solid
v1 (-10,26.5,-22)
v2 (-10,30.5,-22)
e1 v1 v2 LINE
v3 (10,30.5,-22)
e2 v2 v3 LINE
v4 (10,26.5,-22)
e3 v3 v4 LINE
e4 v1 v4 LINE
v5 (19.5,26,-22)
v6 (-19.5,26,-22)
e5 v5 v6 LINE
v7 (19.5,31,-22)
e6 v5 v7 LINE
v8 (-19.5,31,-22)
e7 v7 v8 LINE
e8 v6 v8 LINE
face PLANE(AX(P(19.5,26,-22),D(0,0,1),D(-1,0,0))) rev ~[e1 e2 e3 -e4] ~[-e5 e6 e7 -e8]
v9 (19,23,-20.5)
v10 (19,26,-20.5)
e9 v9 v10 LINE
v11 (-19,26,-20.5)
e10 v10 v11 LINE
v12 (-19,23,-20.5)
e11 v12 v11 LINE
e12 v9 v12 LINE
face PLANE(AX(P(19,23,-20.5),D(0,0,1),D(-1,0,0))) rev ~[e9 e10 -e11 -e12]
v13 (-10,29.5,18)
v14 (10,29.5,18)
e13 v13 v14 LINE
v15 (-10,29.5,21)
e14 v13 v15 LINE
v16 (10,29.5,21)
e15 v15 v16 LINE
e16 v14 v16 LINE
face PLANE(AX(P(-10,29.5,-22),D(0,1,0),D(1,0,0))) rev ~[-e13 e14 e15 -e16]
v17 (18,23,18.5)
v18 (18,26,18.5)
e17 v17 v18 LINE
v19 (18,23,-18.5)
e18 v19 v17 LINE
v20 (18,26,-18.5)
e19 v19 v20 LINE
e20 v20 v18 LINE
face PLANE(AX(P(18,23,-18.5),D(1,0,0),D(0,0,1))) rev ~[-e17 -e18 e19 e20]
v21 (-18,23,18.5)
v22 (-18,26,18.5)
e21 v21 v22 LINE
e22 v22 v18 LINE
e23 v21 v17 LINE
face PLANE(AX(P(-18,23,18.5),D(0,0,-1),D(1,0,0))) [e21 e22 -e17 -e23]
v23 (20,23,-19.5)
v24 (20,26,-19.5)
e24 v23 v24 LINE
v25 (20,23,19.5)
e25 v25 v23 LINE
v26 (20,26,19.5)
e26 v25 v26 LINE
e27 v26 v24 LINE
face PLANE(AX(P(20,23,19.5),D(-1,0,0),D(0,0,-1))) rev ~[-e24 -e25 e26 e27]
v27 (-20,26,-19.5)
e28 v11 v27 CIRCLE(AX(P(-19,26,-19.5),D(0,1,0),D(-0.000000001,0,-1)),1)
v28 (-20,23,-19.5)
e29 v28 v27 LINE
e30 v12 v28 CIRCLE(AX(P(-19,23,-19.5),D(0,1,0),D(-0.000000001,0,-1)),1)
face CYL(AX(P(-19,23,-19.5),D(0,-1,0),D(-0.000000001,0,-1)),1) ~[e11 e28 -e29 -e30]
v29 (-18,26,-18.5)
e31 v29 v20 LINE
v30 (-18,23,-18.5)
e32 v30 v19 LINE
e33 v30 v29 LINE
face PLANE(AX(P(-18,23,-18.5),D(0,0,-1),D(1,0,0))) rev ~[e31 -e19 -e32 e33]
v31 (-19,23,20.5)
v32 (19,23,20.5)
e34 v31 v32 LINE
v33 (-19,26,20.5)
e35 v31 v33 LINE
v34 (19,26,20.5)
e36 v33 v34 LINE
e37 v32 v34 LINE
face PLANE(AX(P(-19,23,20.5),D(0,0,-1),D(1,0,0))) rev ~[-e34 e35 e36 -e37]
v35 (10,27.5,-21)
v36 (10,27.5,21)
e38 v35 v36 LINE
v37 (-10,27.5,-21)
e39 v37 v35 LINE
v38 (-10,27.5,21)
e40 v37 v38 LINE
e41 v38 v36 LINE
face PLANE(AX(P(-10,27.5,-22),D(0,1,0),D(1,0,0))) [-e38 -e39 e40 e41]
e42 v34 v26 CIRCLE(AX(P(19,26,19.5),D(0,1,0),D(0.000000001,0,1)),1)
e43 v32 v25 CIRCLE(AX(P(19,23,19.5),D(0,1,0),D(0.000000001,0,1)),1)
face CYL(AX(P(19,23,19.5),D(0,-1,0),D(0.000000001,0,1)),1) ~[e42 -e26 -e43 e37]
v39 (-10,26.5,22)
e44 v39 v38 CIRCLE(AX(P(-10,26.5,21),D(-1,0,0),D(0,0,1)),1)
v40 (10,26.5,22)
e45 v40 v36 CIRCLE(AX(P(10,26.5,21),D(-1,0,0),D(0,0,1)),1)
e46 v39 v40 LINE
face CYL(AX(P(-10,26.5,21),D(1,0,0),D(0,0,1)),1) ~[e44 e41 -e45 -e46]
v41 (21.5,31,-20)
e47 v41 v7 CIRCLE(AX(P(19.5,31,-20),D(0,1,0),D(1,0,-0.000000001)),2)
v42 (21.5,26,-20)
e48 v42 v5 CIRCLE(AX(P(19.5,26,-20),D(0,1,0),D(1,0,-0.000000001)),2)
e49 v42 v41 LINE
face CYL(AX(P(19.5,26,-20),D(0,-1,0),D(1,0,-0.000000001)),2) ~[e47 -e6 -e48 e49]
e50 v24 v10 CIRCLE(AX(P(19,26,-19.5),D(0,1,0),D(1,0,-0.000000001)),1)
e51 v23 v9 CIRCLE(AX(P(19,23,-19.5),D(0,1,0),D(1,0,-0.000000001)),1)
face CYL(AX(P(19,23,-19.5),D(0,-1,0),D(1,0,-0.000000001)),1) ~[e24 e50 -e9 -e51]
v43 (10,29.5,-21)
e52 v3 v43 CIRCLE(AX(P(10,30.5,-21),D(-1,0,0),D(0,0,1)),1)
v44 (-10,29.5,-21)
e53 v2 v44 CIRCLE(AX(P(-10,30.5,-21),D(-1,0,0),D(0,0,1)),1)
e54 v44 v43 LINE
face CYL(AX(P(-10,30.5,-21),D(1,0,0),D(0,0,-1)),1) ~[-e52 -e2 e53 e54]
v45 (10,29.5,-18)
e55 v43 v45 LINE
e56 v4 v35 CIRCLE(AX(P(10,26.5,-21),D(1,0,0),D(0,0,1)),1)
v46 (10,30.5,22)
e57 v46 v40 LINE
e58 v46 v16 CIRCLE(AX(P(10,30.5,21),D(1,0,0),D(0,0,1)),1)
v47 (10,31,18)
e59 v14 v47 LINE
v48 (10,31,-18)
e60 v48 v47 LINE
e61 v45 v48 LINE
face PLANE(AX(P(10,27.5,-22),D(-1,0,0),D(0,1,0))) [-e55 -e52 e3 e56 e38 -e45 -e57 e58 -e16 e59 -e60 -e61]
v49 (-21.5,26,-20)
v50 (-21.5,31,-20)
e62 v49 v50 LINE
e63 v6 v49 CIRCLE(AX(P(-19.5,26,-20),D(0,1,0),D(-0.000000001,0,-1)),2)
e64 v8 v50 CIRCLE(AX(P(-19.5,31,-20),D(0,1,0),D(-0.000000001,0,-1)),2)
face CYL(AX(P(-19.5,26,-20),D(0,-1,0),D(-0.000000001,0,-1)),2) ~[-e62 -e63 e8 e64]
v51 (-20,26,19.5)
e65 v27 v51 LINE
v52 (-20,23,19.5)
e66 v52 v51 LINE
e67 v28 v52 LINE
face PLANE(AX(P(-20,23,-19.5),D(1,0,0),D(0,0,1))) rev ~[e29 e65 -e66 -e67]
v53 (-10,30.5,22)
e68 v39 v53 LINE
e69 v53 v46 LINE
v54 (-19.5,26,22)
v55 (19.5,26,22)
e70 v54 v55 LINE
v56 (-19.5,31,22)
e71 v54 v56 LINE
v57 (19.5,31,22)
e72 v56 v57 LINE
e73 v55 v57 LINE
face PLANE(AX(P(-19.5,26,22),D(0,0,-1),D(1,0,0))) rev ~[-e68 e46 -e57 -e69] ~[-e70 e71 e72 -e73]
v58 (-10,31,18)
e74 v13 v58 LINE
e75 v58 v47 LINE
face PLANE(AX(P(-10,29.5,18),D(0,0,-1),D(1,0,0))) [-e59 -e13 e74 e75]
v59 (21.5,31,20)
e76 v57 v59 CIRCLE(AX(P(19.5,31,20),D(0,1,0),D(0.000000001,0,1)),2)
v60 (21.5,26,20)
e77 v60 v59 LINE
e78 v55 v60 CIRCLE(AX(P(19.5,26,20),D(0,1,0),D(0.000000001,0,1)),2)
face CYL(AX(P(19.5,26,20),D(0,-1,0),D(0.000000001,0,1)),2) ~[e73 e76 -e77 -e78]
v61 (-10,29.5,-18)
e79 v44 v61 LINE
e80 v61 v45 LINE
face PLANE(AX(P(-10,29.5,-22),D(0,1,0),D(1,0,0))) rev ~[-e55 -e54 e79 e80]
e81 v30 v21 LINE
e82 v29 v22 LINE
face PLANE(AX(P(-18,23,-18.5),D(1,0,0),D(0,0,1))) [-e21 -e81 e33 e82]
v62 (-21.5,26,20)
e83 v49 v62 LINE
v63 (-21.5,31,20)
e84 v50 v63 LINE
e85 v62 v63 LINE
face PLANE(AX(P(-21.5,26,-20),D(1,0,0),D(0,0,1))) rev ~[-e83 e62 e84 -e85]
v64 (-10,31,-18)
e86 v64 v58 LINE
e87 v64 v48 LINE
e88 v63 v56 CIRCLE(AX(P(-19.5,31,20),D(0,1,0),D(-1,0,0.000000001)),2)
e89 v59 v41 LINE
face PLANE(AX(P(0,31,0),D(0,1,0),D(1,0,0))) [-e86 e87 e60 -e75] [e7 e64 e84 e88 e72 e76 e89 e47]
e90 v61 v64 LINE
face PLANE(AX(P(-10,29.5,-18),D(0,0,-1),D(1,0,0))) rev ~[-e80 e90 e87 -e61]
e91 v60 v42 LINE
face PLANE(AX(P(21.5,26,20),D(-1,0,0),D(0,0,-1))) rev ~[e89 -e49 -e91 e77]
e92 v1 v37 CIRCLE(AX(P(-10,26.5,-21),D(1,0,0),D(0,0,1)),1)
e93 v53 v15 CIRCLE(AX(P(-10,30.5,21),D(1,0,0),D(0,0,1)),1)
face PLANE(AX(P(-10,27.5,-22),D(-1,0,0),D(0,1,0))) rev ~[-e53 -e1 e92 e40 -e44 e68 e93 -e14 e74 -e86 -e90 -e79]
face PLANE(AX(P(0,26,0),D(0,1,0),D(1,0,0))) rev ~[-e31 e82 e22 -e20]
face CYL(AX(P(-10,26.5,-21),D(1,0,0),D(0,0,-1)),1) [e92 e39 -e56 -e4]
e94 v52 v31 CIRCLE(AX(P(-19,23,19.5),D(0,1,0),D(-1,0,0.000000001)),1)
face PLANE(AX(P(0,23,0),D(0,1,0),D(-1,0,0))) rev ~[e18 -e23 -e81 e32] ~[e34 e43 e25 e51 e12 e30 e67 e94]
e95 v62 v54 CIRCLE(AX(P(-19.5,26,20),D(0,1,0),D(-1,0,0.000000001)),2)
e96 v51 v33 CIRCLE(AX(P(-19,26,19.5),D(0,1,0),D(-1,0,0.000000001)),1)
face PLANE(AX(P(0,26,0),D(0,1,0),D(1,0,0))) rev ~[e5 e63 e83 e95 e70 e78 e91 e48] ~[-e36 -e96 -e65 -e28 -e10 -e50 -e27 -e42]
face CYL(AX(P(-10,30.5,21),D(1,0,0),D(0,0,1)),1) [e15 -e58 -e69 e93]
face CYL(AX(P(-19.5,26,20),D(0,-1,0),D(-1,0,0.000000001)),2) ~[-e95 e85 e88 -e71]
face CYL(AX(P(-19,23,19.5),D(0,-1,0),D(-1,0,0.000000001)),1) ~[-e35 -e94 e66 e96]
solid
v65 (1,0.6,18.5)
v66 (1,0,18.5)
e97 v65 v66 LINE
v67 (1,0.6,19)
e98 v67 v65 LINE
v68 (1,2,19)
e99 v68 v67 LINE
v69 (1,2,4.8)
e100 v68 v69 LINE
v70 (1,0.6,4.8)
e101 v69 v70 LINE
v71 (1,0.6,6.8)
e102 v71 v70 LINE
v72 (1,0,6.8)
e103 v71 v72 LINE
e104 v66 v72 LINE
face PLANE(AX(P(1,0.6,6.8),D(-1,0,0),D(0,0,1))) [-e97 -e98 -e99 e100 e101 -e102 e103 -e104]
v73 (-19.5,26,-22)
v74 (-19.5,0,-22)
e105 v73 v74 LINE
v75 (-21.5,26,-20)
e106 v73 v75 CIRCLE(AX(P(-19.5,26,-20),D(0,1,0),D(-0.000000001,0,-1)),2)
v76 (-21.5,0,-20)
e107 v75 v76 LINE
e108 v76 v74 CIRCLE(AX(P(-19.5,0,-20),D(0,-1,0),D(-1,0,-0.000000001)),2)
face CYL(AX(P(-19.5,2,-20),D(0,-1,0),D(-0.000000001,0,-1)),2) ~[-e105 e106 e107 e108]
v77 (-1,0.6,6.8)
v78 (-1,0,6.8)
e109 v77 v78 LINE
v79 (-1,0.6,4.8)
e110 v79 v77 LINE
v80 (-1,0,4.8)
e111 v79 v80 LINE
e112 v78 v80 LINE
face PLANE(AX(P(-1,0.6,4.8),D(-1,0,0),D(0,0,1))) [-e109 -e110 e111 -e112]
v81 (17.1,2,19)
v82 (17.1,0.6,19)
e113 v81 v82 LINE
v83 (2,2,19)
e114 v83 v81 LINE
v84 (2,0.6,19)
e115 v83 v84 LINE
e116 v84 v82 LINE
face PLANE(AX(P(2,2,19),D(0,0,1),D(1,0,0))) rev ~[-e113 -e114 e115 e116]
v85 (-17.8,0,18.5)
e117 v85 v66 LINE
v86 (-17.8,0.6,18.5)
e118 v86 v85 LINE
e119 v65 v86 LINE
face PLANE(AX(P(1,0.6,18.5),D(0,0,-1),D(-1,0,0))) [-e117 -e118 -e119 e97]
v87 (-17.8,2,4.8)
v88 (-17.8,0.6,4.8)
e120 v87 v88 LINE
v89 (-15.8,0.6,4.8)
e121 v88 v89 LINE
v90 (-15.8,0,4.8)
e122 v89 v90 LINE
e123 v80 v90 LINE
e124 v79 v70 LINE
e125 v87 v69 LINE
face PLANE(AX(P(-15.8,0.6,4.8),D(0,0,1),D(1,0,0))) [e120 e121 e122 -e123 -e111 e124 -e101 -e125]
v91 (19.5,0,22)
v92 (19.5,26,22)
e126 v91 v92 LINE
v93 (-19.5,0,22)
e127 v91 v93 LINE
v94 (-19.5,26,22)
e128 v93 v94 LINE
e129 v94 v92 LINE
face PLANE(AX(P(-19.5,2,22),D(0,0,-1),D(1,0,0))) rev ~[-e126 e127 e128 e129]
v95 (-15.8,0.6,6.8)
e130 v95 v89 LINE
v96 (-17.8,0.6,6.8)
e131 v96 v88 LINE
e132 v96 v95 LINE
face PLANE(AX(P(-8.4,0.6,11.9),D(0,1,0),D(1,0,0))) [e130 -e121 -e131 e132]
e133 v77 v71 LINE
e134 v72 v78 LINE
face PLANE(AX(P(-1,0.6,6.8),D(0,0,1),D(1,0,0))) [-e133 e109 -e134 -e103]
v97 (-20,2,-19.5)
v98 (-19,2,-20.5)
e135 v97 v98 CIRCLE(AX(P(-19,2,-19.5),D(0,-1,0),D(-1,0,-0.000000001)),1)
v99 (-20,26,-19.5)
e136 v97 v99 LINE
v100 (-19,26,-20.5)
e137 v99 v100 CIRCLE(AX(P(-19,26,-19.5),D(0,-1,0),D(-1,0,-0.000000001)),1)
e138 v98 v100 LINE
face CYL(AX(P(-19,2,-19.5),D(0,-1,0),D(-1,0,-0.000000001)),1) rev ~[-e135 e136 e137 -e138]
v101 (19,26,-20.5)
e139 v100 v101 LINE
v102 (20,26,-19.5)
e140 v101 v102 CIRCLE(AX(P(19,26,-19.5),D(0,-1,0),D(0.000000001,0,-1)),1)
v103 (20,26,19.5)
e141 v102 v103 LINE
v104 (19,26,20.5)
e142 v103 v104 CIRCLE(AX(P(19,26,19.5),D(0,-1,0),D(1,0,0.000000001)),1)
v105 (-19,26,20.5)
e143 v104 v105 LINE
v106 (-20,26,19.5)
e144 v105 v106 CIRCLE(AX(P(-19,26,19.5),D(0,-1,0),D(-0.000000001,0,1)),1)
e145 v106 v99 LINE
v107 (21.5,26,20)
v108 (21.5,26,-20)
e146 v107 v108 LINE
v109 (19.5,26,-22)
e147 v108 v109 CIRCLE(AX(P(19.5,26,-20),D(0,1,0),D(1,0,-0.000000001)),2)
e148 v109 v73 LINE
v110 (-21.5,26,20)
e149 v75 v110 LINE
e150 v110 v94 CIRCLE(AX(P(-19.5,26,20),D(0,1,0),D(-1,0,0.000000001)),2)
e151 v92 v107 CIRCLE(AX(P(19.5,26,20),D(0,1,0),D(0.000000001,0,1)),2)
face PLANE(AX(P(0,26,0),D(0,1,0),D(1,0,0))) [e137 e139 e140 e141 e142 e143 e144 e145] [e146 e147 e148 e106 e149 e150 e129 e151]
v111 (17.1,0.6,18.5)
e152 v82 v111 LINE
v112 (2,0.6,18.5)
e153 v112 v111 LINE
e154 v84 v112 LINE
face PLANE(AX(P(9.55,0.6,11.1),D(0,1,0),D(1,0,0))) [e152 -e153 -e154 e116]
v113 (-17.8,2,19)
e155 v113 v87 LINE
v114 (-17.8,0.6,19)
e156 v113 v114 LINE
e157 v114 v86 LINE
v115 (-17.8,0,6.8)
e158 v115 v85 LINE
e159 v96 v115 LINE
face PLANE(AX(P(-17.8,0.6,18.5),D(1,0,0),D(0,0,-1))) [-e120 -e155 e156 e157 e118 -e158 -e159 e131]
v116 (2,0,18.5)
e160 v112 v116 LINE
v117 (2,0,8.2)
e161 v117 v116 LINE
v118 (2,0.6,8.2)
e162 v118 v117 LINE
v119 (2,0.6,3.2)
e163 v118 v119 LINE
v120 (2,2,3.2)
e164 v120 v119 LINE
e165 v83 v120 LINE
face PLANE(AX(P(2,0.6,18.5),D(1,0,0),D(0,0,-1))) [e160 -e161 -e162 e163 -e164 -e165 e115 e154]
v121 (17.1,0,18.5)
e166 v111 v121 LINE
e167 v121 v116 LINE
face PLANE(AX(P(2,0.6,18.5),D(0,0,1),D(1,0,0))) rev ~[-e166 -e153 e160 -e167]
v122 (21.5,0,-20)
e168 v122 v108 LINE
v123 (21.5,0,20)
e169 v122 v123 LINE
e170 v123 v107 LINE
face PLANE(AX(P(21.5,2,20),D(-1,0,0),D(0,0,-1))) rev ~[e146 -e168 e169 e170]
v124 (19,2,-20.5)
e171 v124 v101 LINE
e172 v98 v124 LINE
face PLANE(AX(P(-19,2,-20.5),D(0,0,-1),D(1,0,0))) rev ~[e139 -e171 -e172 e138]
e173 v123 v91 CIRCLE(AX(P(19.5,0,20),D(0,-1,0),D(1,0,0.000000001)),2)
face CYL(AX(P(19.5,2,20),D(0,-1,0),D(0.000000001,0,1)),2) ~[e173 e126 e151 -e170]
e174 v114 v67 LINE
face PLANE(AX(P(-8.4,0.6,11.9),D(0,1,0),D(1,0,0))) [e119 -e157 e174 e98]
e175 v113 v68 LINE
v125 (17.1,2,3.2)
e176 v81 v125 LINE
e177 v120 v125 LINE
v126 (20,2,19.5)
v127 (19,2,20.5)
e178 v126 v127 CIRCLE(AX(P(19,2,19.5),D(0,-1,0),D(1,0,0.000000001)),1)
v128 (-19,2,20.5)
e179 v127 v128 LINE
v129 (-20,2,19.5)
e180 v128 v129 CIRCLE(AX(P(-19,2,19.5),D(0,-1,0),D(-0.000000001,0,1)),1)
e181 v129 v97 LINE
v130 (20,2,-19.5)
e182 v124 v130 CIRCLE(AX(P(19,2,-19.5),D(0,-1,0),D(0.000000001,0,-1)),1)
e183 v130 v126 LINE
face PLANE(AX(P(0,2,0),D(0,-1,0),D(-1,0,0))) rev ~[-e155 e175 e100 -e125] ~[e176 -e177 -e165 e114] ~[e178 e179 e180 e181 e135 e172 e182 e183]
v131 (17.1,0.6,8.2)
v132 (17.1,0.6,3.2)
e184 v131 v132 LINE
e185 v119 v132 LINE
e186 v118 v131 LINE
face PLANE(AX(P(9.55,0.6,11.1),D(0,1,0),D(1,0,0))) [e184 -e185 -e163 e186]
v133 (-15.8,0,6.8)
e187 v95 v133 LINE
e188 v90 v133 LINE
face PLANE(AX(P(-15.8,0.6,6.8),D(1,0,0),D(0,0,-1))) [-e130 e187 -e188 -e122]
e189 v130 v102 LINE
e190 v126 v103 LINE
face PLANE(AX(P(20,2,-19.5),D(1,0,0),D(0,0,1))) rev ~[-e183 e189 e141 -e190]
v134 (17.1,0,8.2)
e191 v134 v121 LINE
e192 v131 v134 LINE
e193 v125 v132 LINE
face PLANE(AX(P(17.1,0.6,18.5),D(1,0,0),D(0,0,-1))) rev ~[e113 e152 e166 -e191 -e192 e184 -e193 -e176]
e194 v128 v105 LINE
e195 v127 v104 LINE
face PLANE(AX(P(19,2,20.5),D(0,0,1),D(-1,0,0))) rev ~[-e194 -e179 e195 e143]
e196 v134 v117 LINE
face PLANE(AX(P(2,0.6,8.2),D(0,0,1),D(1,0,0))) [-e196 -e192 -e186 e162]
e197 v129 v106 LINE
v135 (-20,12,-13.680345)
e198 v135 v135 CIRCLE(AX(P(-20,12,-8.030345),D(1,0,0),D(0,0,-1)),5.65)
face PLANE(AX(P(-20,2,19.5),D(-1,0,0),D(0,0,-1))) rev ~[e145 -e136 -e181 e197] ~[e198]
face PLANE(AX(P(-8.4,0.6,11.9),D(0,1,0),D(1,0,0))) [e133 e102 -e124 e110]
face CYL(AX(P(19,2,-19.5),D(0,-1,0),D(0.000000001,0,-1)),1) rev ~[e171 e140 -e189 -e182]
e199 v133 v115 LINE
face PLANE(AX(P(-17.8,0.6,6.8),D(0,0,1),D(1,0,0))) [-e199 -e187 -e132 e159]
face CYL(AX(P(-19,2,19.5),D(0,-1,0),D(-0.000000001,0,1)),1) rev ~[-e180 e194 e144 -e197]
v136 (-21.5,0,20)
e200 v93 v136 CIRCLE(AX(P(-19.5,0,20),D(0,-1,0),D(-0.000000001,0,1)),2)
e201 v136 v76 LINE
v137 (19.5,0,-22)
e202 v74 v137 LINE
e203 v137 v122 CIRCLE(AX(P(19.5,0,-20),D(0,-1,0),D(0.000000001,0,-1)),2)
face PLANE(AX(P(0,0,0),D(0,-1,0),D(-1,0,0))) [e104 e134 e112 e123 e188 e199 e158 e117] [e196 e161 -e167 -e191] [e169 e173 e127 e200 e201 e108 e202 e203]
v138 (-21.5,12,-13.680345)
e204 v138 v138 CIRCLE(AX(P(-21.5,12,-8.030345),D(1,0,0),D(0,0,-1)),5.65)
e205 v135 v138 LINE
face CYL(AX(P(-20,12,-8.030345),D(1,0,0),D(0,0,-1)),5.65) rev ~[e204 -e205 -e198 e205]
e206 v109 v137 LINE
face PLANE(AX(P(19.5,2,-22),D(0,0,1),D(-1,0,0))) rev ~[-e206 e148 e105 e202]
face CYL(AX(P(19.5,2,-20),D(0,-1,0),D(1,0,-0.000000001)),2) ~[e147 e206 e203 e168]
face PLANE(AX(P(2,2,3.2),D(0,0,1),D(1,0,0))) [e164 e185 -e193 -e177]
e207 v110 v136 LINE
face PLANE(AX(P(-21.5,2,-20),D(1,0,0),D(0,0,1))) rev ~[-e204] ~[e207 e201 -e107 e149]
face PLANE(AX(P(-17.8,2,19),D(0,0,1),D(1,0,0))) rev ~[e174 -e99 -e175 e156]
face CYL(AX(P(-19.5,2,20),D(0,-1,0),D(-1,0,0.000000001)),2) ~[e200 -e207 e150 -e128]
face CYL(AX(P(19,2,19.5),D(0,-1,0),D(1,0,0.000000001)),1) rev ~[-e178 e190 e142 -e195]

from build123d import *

# Parameters (mm, degrees)
BOSS_EXTRUDE1_DEPTH = 2
SKETCH2_W           = 18.8
SKETCH2_H           = 14.2
SKETCH2_W_2         = 15.1
SKETCH2_H_2         = 15.8
CUT_EXTRUDE1_DEPTH  = 1.4
SKETCH3_W           = 15.1
SKETCH3_H           = 10.3
CUT_EXTRUDE2_DEPTH  = 31.793018689
BOSS_EXTRUDE3_DEPTH = 24
SKETCH16_R          = 5.65
CUT_EXTRUDE6_DEPTH  = 19
BOSS_EXTRUDE4_DEPTH = 5
BOSS_EXTRUDE5_START = 3
SKETCH19_W          = 36
SKETCH19_H          = 37
BOSS_EXTRUDE5_DEPTH = 3
CUT_EXTRUDE7_START  = -44
SKETCH20_W          = 20
SKETCH20_H          = 2
CUT_EXTRUDE7_DEPTH  = 44
FILLET1_R           = 1
SKETCH21_W          = 20
SKETCH21_H          = 36
CUT_EXTRUDE8_DEPTH  = 1.5


with BuildPart() as part:
    # Sketch1 → Boss-Extrude1 (new body)
    with BuildSketch(Plane(origin=(0, 0, 0), x_dir=(1, 0, 0), z_dir=(0, 1, 0))):
        with BuildLine():
            Line((19.5, -22), (-19.5, -22))
            ThreePointArc((-19.5, -22), (-20.914213562, -21.414213562), (-21.5, -20))
            Line((-21.5, -20), (-21.5, 20))
            ThreePointArc((-21.5, 20), (-20.914213562, 21.414213562), (-19.5, 22))
            Line((-19.5, 22), (19.5, 22))
            ThreePointArc((19.5, 22), (20.914213562, 21.414213562), (21.5, 20))
            Line((21.5, 20), (21.5, -20))
            ThreePointArc((21.5, -20), (20.914213562, -21.414213562), (19.5, -22))
        make_face()
    extrude(amount=BOSS_EXTRUDE1_DEPTH)

    # Sketch2 → Cut-Extrude1 (cut)
    with BuildSketch(Plane(origin=(0, 2, 0), x_dir=(1, 0, 0), z_dir=(0, 1, 0))):
        with Locations((-8.4, -11.9)):
            Rectangle(SKETCH2_W, SKETCH2_H)
        with Locations((9.55, -11.1)):
            Rectangle(SKETCH2_W_2, SKETCH2_H_2)
    extrude(amount=-CUT_EXTRUDE1_DEPTH, mode=Mode.SUBTRACT)

    # Sketch3 → Cut-Extrude2 (cut, through all)
    with BuildSketch(Plane(origin=(0, 0.6, 0), x_dir=(1, 0, 0), z_dir=(0, 1, 0))):
        Polygon((-17.8, -6.8), (-15.8, -6.8), (-15.8, -4.8), (-1, -4.8), (-1, -6.8), (1, -6.8), (1, -18.5), (-17.8, -18.5), align=None)
        with Locations((9.55, -13.35)):
            Rectangle(SKETCH3_W, SKETCH3_H)
    extrude(amount=-CUT_EXTRUDE2_DEPTH, mode=Mode.SUBTRACT)

    # Sketch13 → Boss-Extrude3 (add)
    with BuildSketch(Plane(origin=(0, 2, 0), x_dir=(1, 0, 0), z_dir=(0, 1, 0))):
        with BuildLine():
            ThreePointArc((-21.5, -20), (-20.914213562, -21.414213562), (-19.5, -22))
            Line((-19.5, -22), (19.5, -22))
            ThreePointArc((19.5, -22), (20.914213562, -21.414213562), (21.5, -20))
            Line((21.5, -20), (21.5, 20))
            ThreePointArc((21.5, 20), (20.914213562, 21.414213562), (19.5, 22))
            Line((19.5, 22), (-19.5, 22))
            ThreePointArc((-19.5, 22), (-20.914213562, 21.414213562), (-21.5, 20))
            Line((-21.5, 20), (-21.5, -20))
        make_face()
        with BuildLine():
            ThreePointArc((19, 20.5), (19.707106781, 20.207106781), (20, 19.5))
            Line((20, 19.5), (20, -19.5))
            ThreePointArc((20, -19.5), (19.707106781, -20.207106781), (19, -20.5))
            Line((19, -20.5), (-19, -20.5))
            ThreePointArc((-19, -20.5), (-19.707106781, -20.207106781), (-20, -19.5))
            Line((-20, -19.5), (-20, 19.5))
            ThreePointArc((-20, 19.5), (-19.707106781, 20.207106781), (-19, 20.5))
            Line((-19, 20.5), (19, 20.5))
        make_face(mode=Mode.SUBTRACT)
    extrude(amount=BOSS_EXTRUDE3_DEPTH)

    # Sketch16 → Cut-Extrude6 (cut)
    with BuildSketch(Plane(origin=(-20, 0, 0), x_dir=(0, 0, -1), z_dir=(1, 0, 0))):
        with Locations((8.030344885, 12)):
            Circle(SKETCH16_R)
    extrude(amount=-CUT_EXTRUDE6_DEPTH, mode=Mode.SUBTRACT)


with BuildPart() as body_2:
    # Sketch17 → Boss-Extrude4 (new body)
    with BuildSketch(Plane(origin=(0, 26, 0), x_dir=(1, 0, 0), z_dir=(0, 1, 0))):
        with BuildLine():
            Line((21.5, -20), (21.5, 20))
            ThreePointArc((21.5, 20), (20.914213562, 21.414213562), (19.5, 22))
            Line((19.5, 22), (-19.5, 22))
            ThreePointArc((-19.5, 22), (-20.914213562, 21.414213562), (-21.5, 20))
            Line((-21.5, 20), (-21.5, -20))
            ThreePointArc((-21.5, -20), (-20.914213562, -21.414213562), (-19.5, -22))
            Line((-19.5, -22), (19.5, -22))
            ThreePointArc((19.5, -22), (20.914213562, -21.414213562), (21.5, -20))
        make_face()
    extrude(amount=BOSS_EXTRUDE4_DEPTH)

    # Sketch19 → Boss-Extrude5 (add)
    with BuildSketch(Plane.XZ.offset(-26).offset(BOSS_EXTRUDE5_START)):
        with BuildLine():
            Line((20, 19.5), (20, -19.5))
            ThreePointArc((20, -19.5), (19.707106781, -20.207106781), (19, -20.5))
            Line((19, -20.5), (-19, -20.5))
            ThreePointArc((-19, -20.5), (-19.707106781, -20.207106781), (-20, -19.5))
            Line((-20, -19.5), (-20, 19.5))
            ThreePointArc((-20, 19.5), (-19.707106781, 20.207106781), (-19, 20.5))
            Line((-19, 20.5), (19, 20.5))
            ThreePointArc((19, 20.5), (19.707106781, 20.207106781), (20, 19.5))
        make_face()
        Rectangle(SKETCH19_W, SKETCH19_H, mode=Mode.SUBTRACT)
    extrude(amount=-BOSS_EXTRUDE5_DEPTH)

    # Sketch20 → Cut-Extrude7 (cut)
    with BuildSketch(Plane.XY.offset(22).offset(CUT_EXTRUDE7_START)):
        with Locations((0, 28.5)):
            Rectangle(SKETCH20_W, SKETCH20_H)
    extrude(amount=CUT_EXTRUDE7_DEPTH, mode=Mode.SUBTRACT)

    # Fillet1
    fillet1_edges = [body_2.edges().sort_by_distance(p)[0] for p in [
        (0, 27.5, -22),
        (0, 29.5, -22),
        (0, 27.5, 22),
        (0, 29.5, 22),
    ]]
    fillet(fillet1_edges, radius=FILLET1_R)

    # Sketch21 → Cut-Extrude8 (cut)
    with BuildSketch(Plane.XZ.offset(-29.5)):
        Rectangle(SKETCH21_W, SKETCH21_H)
    extrude(amount=-CUT_EXTRUDE8_DEPTH, mode=Mode.SUBTRACT)


solid = Compound([part.part, body_2.part])
